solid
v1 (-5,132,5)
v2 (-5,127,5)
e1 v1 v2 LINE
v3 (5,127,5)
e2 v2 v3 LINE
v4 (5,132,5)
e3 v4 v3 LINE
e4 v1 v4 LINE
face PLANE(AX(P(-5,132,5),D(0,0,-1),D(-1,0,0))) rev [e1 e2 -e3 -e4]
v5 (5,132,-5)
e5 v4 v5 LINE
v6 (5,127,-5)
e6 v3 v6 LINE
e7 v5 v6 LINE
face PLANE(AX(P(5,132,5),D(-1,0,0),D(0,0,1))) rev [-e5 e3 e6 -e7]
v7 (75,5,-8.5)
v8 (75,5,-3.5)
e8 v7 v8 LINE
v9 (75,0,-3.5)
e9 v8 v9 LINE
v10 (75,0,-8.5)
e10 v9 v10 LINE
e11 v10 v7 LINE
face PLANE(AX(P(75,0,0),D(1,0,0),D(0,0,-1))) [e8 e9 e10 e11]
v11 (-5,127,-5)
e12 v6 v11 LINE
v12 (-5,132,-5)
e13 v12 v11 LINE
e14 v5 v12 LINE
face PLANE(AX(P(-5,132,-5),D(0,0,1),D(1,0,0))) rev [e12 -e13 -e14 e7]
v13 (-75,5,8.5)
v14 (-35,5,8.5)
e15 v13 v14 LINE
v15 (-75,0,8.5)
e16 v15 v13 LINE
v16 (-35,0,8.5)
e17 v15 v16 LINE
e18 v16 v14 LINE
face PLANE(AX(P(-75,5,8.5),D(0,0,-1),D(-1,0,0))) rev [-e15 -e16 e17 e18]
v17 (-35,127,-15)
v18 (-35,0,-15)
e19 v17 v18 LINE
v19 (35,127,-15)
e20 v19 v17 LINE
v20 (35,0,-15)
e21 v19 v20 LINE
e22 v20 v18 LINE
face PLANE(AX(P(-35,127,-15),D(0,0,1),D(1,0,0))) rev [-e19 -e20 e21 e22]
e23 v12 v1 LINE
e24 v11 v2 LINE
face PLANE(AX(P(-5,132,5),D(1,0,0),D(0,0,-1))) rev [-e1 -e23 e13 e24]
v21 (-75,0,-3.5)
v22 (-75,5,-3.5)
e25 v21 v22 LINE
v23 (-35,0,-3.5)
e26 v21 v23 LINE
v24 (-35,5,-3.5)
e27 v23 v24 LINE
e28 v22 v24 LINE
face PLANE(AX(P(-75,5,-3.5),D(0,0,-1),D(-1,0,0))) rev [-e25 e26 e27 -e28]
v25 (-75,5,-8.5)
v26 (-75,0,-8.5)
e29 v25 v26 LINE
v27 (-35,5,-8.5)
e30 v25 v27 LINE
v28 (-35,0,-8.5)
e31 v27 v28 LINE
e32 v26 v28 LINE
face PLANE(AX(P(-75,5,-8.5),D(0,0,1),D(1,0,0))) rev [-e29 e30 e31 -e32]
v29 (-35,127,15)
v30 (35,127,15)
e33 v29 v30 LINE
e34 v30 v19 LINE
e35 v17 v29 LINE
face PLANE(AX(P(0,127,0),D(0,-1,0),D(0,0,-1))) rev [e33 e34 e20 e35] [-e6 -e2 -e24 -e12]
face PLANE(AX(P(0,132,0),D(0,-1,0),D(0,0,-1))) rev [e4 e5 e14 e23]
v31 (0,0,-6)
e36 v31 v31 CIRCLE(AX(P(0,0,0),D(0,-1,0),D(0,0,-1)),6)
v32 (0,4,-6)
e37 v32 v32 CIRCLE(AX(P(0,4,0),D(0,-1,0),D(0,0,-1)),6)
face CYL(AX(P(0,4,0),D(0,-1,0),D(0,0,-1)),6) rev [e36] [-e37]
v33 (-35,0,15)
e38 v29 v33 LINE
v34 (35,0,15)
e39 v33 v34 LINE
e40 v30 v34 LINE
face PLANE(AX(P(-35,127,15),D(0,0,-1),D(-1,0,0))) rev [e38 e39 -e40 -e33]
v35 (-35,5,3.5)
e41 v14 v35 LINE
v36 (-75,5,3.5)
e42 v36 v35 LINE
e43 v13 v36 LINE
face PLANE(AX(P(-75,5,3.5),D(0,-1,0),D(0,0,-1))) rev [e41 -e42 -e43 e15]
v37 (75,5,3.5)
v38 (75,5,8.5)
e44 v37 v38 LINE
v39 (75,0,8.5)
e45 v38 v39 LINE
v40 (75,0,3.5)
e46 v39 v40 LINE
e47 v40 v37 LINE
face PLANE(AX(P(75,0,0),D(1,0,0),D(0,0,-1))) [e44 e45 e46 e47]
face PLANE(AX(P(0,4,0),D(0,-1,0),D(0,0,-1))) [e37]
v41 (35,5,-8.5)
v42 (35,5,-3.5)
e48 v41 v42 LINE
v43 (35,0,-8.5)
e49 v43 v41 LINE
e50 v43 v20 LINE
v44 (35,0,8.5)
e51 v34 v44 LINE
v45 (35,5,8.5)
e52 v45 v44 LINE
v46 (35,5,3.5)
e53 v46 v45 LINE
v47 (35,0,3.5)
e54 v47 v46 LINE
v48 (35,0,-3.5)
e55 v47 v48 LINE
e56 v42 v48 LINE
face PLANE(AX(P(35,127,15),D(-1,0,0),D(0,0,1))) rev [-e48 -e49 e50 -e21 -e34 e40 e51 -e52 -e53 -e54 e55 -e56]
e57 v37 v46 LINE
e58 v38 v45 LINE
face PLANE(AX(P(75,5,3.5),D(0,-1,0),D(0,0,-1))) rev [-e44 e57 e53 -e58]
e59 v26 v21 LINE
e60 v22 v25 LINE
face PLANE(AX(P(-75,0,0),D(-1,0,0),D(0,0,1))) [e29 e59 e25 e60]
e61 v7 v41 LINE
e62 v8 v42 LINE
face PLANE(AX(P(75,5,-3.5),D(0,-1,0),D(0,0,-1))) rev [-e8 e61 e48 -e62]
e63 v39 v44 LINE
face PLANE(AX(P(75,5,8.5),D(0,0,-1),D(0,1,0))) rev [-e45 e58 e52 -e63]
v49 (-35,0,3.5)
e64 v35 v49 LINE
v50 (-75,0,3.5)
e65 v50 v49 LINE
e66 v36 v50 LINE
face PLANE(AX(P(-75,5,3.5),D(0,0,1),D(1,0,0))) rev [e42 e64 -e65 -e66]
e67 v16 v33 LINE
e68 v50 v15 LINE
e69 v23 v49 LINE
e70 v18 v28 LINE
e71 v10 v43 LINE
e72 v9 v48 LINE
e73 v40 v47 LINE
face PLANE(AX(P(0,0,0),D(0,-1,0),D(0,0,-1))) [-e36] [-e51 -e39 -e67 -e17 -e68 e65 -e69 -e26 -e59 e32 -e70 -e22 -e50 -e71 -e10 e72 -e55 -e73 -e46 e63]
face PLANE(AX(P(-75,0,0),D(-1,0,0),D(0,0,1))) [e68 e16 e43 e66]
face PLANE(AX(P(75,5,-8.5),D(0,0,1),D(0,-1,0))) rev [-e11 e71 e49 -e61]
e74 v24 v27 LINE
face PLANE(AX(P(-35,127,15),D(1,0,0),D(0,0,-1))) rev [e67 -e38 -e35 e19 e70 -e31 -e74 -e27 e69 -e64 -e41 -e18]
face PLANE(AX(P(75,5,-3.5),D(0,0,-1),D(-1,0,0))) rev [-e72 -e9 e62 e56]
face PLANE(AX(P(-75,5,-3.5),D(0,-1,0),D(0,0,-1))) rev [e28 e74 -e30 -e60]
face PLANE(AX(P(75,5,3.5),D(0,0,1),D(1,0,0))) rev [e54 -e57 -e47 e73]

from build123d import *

# Parameters (mm, degrees)
SKETCH2_W           = 70
SKETCH2_H           = 30
BOSS_EXTRUDE1_DEPTH = 127
SKETCH3_W           = 5
SKETCH3_H           = 5
BOSS_EXTRUDE2_DEPTH = 40
SKETCH4_W           = 5
SKETCH4_H           = 5
BOSS_EXTRUDE3_DEPTH = 40
SKETCH5_W           = 10
SKETCH5_H           = 10
BOSS_EXTRUDE4_DEPTH = 5
SKETCH6_R           = 6
CUT_EXTRUDE1_DEPTH  = 4


with BuildPart() as part:
    # Sketch2 → Boss-Extrude1 (new body)
    with BuildSketch(Plane(origin=(0, 0, 0), x_dir=(1, 0, 0), z_dir=(0, 1, 0))):
        Rectangle(SKETCH2_W, SKETCH2_H)
    extrude(amount=BOSS_EXTRUDE1_DEPTH)

    # Sketch3 → Boss-Extrude2 (add)
    with BuildSketch(Plane(origin=(35, 0, 0), x_dir=(0, 0, -1), z_dir=(1, 0, 0))):
        with Locations((-6, 2.5)):
            Rectangle(SKETCH3_W, SKETCH3_H)
        with Locations((6, 2.5)):
            Rectangle(SKETCH3_W, SKETCH3_H)
    extrude(amount=BOSS_EXTRUDE2_DEPTH)

    # Sketch4 → Boss-Extrude3 (add)
    with BuildSketch(Plane.ZY.offset(35)):
        with Locations((-6, 2.5)):
            Rectangle(SKETCH4_W, SKETCH4_H)
        with Locations((6, 2.5)):
            Rectangle(SKETCH4_W, SKETCH4_H)
    extrude(amount=BOSS_EXTRUDE3_DEPTH)

    # Sketch5 → Boss-Extrude4 (add)
    with BuildSketch(Plane(origin=(0, 127, 0), x_dir=(1, 0, 0), z_dir=(0, 1, 0))):
        Rectangle(SKETCH5_W, SKETCH5_H)
    extrude(amount=BOSS_EXTRUDE4_DEPTH)

    # Sketch6 → Cut-Extrude1 (cut)
    with BuildSketch(Plane(origin=(0, 0, 0), x_dir=(-1, 0, 0), z_dir=(0, -1, 0))):
        with Locations(Location((0, 0, 0), (0, 0, 90))):
            Circle(SKETCH6_R)
    extrude(amount=-CUT_EXTRUDE1_DEPTH, mode=Mode.SUBTRACT)


solid = part.part
